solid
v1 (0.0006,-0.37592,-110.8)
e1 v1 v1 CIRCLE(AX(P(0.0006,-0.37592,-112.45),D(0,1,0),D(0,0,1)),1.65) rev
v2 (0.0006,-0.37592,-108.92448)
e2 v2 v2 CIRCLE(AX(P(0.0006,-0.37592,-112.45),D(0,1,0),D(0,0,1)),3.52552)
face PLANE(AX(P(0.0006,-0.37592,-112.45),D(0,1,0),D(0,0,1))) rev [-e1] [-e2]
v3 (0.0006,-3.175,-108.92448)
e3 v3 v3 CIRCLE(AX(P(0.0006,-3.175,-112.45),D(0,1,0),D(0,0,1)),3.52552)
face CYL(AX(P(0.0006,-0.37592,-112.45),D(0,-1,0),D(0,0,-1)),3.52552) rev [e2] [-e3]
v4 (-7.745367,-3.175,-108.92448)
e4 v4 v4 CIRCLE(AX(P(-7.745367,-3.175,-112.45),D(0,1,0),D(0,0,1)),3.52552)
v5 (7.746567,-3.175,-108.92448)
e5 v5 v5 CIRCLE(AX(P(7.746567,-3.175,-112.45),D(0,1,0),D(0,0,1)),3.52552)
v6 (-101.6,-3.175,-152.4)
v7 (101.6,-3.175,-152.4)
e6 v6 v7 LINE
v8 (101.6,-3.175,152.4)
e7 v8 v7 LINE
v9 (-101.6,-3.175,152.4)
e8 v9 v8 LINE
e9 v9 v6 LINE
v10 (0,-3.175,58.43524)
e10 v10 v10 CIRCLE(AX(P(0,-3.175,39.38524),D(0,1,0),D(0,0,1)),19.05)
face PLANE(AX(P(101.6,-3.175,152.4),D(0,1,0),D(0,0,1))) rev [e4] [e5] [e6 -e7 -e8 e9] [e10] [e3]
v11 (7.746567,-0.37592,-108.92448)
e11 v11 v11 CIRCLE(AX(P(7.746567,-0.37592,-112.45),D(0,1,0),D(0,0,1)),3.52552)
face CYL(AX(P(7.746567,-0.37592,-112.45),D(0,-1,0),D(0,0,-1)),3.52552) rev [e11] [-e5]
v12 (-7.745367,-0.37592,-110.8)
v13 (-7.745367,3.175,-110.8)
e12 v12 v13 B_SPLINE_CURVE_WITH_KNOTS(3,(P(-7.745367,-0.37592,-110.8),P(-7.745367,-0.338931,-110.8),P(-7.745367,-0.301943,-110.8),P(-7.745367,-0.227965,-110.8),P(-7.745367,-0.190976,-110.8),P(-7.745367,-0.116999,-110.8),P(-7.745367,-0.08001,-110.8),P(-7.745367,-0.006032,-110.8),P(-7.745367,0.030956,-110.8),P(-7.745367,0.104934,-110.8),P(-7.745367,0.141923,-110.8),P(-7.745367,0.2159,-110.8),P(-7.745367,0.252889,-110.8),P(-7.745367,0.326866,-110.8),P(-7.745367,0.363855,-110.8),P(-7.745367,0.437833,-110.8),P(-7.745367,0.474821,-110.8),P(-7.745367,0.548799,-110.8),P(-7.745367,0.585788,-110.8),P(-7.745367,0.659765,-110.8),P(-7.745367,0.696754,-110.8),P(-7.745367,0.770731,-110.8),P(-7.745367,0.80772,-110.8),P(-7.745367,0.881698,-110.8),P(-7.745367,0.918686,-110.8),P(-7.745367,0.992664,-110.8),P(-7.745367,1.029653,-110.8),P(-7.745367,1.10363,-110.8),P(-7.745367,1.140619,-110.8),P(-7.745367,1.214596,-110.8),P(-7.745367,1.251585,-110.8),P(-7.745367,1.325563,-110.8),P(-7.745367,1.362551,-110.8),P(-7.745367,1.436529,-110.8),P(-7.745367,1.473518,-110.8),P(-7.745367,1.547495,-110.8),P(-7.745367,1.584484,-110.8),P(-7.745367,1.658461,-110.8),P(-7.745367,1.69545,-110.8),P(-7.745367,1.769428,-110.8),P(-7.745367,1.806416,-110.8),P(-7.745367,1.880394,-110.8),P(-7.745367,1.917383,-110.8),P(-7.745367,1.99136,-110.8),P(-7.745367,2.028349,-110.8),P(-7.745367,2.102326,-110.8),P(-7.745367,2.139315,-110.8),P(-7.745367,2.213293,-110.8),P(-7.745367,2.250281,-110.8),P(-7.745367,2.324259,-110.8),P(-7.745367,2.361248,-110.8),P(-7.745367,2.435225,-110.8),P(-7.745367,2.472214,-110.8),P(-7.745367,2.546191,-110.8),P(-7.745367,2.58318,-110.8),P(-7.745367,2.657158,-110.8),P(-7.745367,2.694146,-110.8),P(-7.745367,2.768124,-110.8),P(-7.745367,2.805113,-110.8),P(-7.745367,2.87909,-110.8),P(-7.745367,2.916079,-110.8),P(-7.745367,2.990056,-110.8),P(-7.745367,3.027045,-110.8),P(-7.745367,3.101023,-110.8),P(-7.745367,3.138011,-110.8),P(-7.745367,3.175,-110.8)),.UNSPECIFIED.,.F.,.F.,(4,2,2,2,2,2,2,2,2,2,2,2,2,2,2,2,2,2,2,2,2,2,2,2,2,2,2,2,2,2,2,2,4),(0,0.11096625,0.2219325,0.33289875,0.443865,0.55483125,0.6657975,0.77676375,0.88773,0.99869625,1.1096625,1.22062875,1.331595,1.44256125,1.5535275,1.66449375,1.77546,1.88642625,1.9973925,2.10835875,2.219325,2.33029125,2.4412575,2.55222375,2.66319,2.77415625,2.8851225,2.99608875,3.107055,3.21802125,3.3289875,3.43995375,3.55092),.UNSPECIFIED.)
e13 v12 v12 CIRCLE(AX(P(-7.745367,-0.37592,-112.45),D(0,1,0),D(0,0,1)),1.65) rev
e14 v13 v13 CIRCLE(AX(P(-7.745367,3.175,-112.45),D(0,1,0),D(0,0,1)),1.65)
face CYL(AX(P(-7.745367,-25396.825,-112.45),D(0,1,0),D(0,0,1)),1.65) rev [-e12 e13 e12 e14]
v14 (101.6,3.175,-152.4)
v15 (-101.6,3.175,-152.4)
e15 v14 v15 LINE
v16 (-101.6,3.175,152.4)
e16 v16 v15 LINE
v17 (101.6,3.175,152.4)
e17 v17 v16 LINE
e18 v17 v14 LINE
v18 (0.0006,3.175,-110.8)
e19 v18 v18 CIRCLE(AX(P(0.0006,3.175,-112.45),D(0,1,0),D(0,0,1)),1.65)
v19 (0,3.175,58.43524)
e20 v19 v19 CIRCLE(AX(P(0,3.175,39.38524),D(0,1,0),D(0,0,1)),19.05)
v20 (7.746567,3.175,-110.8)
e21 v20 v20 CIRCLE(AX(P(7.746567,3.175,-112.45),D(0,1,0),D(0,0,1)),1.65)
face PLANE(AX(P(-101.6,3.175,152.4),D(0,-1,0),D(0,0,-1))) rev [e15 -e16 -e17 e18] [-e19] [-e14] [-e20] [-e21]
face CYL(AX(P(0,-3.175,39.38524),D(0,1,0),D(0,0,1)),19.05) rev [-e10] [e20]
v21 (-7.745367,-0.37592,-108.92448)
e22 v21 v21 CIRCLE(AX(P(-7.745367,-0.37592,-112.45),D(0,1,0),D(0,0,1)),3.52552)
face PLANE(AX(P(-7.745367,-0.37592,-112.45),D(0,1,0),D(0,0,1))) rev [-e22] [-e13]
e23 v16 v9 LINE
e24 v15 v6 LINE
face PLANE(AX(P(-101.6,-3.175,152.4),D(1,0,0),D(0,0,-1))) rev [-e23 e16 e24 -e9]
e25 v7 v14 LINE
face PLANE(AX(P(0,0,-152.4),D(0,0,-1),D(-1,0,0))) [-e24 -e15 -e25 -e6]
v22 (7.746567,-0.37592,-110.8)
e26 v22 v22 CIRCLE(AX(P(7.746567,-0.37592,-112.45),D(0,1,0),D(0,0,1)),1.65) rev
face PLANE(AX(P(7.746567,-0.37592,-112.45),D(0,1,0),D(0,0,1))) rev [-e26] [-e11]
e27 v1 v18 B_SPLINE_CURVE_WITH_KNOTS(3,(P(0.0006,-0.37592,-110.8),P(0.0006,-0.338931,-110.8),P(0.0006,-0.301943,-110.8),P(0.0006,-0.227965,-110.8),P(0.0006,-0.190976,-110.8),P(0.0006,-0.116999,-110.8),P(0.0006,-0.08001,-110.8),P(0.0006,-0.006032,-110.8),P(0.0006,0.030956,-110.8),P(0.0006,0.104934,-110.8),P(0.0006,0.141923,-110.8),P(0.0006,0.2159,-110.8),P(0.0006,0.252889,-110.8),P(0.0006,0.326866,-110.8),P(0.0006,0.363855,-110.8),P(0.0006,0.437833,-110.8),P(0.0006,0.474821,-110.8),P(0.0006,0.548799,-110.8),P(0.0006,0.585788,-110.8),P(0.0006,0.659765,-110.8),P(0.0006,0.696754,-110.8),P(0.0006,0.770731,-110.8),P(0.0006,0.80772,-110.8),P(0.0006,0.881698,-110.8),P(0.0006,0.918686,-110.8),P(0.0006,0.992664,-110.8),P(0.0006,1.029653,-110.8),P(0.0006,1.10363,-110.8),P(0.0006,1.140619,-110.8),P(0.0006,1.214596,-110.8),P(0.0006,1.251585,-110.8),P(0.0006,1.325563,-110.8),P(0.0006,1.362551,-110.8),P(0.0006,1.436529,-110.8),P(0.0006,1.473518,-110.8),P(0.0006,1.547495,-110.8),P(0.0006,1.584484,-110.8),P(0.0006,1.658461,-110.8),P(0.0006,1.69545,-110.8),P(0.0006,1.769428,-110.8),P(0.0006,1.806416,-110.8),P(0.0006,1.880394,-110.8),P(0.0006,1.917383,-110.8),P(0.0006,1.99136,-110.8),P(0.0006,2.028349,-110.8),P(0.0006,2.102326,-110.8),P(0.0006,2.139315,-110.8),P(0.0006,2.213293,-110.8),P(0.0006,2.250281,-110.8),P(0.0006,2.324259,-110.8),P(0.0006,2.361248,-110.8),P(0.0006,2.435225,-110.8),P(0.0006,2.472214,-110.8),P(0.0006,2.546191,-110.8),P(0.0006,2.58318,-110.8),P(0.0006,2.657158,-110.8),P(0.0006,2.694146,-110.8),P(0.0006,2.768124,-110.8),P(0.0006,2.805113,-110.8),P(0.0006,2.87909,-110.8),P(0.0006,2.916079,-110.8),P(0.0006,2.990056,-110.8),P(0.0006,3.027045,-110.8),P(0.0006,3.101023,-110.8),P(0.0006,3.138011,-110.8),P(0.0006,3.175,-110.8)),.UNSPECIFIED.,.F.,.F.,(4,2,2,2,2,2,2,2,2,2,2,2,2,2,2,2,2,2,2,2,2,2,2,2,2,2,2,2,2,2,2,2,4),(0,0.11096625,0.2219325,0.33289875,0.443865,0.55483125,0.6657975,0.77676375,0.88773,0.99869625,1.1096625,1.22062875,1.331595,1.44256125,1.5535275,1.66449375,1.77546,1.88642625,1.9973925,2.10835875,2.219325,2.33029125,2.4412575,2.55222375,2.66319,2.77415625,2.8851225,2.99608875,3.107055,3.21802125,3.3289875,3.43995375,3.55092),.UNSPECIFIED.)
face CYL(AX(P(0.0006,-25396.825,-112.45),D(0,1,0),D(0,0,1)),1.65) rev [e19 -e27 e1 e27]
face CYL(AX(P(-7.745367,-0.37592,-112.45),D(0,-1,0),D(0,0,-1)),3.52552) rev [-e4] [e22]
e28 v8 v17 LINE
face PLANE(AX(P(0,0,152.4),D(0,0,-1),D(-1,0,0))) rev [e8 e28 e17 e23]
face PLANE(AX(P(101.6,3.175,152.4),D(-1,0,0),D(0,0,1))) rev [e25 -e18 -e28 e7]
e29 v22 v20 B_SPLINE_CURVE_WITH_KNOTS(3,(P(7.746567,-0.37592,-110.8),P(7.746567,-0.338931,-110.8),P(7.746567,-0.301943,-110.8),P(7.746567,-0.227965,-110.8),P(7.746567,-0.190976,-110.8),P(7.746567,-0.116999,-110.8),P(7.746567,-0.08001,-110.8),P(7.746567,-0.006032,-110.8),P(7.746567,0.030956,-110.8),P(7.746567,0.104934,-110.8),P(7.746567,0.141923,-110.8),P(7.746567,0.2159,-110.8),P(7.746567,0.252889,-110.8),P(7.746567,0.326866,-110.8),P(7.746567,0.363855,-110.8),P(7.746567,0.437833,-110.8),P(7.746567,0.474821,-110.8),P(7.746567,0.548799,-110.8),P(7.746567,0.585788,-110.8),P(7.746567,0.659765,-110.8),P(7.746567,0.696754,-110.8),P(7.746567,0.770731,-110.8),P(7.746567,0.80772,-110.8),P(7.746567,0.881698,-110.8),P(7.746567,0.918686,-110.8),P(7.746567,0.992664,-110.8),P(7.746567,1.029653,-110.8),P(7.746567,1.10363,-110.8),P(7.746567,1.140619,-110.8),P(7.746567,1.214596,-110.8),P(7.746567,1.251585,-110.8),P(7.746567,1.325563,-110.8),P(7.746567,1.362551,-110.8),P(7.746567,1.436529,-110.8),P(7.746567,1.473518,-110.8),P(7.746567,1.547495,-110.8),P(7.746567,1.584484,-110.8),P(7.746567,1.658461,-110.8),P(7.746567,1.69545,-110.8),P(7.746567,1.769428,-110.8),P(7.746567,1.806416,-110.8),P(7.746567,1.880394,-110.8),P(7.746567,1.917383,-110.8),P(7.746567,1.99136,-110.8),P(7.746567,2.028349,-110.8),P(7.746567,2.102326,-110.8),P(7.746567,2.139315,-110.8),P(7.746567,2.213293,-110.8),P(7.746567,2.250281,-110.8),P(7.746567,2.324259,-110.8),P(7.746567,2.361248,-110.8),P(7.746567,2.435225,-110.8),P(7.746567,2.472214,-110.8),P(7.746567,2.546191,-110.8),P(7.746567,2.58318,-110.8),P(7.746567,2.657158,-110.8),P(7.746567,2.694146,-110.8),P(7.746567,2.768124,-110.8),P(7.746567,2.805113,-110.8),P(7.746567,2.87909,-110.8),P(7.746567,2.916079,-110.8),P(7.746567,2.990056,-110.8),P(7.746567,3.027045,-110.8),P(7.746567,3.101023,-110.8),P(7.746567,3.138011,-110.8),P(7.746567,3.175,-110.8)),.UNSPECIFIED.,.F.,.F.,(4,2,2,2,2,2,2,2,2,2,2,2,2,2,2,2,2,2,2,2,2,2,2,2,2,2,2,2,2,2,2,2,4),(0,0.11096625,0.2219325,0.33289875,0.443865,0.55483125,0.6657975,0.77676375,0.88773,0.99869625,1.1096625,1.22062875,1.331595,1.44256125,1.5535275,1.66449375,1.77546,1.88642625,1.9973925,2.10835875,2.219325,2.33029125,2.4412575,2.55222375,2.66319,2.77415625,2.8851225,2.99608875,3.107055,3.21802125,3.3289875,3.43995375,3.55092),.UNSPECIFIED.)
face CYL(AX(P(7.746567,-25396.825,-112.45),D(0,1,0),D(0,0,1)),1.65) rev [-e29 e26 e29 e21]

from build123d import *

# Parameters (mm, degrees)
SKETCH3_W           = 203.2
SKETCH3_H           = 6.35
BOSS_EXTRUDE1_DEPTH = 152.4
SKETCH5_R           = 1.65
SKETCH5_R_2         = 1.650000002
CUT_EXTRUDE1_DEPTH  = 25400
SKETCH7_R           = 3.52552
CUT_EXTRUDE2_DEPTH  = 2.79908
SKETCH8_R           = 19.05
CUT_EXTRUDE3_DEPTH  = 184.272045059


with BuildPart() as part:
    # Sketch3 → Boss-Extrude1 (new, symmetric)
    with BuildSketch(Plane.XY):
        Rectangle(SKETCH3_W, SKETCH3_H)
    extrude(amount=BOSS_EXTRUDE1_DEPTH, both=True)

    # Sketch5 → Cut-Extrude1 (cut)
    with BuildSketch(Plane(origin=(0, 3.175, 0), x_dir=(1, 0, 0), z_dir=(0, 1, 0))):
        with Locations(Location((7.746566692, 112.45, 0), (0, 0, 270))):
            Circle(SKETCH5_R)
        with Locations(Location((-7.745366692, 112.45, 0), (0, 0, 270))):
            Circle(SKETCH5_R_2)
        with Locations(Location((0.0006, 112.45, 0), (0, 0, 270))):
            Circle(SKETCH5_R)
    extrude(amount=-CUT_EXTRUDE1_DEPTH, mode=Mode.SUBTRACT)

    # Sketch7 → Cut-Extrude2 (cut)
    with BuildSketch(Plane(origin=(0, -3.175, 0), x_dir=(1, 0, 0), z_dir=(0, 1, 0))):
        with Locations(Location((7.746566692, 112.45, 0), (0, 0, 270))):
            Circle(SKETCH7_R)
        with Locations(Location((0.0006, 112.45, 0), (0, 0, 270))):
            Circle(SKETCH7_R)
        with Locations(Location((-7.745366692, 112.45, 0), (0, 0, 270))):
            Circle(SKETCH7_R)
    extrude(amount=CUT_EXTRUDE2_DEPTH, mode=Mode.SUBTRACT)

    # Sketch8 → Cut-Extrude3 (cut, through all)
    with BuildSketch(Plane(origin=(0, 3.175, 0), x_dir=(1, 0, 0), z_dir=(0, 1, 0))):
        with Locations(Location((0, -39.38524, 0), (0, 0, 270))):
            Circle(SKETCH8_R)
    extrude(amount=-CUT_EXTRUDE3_DEPTH, mode=Mode.SUBTRACT)


solid = part.part
